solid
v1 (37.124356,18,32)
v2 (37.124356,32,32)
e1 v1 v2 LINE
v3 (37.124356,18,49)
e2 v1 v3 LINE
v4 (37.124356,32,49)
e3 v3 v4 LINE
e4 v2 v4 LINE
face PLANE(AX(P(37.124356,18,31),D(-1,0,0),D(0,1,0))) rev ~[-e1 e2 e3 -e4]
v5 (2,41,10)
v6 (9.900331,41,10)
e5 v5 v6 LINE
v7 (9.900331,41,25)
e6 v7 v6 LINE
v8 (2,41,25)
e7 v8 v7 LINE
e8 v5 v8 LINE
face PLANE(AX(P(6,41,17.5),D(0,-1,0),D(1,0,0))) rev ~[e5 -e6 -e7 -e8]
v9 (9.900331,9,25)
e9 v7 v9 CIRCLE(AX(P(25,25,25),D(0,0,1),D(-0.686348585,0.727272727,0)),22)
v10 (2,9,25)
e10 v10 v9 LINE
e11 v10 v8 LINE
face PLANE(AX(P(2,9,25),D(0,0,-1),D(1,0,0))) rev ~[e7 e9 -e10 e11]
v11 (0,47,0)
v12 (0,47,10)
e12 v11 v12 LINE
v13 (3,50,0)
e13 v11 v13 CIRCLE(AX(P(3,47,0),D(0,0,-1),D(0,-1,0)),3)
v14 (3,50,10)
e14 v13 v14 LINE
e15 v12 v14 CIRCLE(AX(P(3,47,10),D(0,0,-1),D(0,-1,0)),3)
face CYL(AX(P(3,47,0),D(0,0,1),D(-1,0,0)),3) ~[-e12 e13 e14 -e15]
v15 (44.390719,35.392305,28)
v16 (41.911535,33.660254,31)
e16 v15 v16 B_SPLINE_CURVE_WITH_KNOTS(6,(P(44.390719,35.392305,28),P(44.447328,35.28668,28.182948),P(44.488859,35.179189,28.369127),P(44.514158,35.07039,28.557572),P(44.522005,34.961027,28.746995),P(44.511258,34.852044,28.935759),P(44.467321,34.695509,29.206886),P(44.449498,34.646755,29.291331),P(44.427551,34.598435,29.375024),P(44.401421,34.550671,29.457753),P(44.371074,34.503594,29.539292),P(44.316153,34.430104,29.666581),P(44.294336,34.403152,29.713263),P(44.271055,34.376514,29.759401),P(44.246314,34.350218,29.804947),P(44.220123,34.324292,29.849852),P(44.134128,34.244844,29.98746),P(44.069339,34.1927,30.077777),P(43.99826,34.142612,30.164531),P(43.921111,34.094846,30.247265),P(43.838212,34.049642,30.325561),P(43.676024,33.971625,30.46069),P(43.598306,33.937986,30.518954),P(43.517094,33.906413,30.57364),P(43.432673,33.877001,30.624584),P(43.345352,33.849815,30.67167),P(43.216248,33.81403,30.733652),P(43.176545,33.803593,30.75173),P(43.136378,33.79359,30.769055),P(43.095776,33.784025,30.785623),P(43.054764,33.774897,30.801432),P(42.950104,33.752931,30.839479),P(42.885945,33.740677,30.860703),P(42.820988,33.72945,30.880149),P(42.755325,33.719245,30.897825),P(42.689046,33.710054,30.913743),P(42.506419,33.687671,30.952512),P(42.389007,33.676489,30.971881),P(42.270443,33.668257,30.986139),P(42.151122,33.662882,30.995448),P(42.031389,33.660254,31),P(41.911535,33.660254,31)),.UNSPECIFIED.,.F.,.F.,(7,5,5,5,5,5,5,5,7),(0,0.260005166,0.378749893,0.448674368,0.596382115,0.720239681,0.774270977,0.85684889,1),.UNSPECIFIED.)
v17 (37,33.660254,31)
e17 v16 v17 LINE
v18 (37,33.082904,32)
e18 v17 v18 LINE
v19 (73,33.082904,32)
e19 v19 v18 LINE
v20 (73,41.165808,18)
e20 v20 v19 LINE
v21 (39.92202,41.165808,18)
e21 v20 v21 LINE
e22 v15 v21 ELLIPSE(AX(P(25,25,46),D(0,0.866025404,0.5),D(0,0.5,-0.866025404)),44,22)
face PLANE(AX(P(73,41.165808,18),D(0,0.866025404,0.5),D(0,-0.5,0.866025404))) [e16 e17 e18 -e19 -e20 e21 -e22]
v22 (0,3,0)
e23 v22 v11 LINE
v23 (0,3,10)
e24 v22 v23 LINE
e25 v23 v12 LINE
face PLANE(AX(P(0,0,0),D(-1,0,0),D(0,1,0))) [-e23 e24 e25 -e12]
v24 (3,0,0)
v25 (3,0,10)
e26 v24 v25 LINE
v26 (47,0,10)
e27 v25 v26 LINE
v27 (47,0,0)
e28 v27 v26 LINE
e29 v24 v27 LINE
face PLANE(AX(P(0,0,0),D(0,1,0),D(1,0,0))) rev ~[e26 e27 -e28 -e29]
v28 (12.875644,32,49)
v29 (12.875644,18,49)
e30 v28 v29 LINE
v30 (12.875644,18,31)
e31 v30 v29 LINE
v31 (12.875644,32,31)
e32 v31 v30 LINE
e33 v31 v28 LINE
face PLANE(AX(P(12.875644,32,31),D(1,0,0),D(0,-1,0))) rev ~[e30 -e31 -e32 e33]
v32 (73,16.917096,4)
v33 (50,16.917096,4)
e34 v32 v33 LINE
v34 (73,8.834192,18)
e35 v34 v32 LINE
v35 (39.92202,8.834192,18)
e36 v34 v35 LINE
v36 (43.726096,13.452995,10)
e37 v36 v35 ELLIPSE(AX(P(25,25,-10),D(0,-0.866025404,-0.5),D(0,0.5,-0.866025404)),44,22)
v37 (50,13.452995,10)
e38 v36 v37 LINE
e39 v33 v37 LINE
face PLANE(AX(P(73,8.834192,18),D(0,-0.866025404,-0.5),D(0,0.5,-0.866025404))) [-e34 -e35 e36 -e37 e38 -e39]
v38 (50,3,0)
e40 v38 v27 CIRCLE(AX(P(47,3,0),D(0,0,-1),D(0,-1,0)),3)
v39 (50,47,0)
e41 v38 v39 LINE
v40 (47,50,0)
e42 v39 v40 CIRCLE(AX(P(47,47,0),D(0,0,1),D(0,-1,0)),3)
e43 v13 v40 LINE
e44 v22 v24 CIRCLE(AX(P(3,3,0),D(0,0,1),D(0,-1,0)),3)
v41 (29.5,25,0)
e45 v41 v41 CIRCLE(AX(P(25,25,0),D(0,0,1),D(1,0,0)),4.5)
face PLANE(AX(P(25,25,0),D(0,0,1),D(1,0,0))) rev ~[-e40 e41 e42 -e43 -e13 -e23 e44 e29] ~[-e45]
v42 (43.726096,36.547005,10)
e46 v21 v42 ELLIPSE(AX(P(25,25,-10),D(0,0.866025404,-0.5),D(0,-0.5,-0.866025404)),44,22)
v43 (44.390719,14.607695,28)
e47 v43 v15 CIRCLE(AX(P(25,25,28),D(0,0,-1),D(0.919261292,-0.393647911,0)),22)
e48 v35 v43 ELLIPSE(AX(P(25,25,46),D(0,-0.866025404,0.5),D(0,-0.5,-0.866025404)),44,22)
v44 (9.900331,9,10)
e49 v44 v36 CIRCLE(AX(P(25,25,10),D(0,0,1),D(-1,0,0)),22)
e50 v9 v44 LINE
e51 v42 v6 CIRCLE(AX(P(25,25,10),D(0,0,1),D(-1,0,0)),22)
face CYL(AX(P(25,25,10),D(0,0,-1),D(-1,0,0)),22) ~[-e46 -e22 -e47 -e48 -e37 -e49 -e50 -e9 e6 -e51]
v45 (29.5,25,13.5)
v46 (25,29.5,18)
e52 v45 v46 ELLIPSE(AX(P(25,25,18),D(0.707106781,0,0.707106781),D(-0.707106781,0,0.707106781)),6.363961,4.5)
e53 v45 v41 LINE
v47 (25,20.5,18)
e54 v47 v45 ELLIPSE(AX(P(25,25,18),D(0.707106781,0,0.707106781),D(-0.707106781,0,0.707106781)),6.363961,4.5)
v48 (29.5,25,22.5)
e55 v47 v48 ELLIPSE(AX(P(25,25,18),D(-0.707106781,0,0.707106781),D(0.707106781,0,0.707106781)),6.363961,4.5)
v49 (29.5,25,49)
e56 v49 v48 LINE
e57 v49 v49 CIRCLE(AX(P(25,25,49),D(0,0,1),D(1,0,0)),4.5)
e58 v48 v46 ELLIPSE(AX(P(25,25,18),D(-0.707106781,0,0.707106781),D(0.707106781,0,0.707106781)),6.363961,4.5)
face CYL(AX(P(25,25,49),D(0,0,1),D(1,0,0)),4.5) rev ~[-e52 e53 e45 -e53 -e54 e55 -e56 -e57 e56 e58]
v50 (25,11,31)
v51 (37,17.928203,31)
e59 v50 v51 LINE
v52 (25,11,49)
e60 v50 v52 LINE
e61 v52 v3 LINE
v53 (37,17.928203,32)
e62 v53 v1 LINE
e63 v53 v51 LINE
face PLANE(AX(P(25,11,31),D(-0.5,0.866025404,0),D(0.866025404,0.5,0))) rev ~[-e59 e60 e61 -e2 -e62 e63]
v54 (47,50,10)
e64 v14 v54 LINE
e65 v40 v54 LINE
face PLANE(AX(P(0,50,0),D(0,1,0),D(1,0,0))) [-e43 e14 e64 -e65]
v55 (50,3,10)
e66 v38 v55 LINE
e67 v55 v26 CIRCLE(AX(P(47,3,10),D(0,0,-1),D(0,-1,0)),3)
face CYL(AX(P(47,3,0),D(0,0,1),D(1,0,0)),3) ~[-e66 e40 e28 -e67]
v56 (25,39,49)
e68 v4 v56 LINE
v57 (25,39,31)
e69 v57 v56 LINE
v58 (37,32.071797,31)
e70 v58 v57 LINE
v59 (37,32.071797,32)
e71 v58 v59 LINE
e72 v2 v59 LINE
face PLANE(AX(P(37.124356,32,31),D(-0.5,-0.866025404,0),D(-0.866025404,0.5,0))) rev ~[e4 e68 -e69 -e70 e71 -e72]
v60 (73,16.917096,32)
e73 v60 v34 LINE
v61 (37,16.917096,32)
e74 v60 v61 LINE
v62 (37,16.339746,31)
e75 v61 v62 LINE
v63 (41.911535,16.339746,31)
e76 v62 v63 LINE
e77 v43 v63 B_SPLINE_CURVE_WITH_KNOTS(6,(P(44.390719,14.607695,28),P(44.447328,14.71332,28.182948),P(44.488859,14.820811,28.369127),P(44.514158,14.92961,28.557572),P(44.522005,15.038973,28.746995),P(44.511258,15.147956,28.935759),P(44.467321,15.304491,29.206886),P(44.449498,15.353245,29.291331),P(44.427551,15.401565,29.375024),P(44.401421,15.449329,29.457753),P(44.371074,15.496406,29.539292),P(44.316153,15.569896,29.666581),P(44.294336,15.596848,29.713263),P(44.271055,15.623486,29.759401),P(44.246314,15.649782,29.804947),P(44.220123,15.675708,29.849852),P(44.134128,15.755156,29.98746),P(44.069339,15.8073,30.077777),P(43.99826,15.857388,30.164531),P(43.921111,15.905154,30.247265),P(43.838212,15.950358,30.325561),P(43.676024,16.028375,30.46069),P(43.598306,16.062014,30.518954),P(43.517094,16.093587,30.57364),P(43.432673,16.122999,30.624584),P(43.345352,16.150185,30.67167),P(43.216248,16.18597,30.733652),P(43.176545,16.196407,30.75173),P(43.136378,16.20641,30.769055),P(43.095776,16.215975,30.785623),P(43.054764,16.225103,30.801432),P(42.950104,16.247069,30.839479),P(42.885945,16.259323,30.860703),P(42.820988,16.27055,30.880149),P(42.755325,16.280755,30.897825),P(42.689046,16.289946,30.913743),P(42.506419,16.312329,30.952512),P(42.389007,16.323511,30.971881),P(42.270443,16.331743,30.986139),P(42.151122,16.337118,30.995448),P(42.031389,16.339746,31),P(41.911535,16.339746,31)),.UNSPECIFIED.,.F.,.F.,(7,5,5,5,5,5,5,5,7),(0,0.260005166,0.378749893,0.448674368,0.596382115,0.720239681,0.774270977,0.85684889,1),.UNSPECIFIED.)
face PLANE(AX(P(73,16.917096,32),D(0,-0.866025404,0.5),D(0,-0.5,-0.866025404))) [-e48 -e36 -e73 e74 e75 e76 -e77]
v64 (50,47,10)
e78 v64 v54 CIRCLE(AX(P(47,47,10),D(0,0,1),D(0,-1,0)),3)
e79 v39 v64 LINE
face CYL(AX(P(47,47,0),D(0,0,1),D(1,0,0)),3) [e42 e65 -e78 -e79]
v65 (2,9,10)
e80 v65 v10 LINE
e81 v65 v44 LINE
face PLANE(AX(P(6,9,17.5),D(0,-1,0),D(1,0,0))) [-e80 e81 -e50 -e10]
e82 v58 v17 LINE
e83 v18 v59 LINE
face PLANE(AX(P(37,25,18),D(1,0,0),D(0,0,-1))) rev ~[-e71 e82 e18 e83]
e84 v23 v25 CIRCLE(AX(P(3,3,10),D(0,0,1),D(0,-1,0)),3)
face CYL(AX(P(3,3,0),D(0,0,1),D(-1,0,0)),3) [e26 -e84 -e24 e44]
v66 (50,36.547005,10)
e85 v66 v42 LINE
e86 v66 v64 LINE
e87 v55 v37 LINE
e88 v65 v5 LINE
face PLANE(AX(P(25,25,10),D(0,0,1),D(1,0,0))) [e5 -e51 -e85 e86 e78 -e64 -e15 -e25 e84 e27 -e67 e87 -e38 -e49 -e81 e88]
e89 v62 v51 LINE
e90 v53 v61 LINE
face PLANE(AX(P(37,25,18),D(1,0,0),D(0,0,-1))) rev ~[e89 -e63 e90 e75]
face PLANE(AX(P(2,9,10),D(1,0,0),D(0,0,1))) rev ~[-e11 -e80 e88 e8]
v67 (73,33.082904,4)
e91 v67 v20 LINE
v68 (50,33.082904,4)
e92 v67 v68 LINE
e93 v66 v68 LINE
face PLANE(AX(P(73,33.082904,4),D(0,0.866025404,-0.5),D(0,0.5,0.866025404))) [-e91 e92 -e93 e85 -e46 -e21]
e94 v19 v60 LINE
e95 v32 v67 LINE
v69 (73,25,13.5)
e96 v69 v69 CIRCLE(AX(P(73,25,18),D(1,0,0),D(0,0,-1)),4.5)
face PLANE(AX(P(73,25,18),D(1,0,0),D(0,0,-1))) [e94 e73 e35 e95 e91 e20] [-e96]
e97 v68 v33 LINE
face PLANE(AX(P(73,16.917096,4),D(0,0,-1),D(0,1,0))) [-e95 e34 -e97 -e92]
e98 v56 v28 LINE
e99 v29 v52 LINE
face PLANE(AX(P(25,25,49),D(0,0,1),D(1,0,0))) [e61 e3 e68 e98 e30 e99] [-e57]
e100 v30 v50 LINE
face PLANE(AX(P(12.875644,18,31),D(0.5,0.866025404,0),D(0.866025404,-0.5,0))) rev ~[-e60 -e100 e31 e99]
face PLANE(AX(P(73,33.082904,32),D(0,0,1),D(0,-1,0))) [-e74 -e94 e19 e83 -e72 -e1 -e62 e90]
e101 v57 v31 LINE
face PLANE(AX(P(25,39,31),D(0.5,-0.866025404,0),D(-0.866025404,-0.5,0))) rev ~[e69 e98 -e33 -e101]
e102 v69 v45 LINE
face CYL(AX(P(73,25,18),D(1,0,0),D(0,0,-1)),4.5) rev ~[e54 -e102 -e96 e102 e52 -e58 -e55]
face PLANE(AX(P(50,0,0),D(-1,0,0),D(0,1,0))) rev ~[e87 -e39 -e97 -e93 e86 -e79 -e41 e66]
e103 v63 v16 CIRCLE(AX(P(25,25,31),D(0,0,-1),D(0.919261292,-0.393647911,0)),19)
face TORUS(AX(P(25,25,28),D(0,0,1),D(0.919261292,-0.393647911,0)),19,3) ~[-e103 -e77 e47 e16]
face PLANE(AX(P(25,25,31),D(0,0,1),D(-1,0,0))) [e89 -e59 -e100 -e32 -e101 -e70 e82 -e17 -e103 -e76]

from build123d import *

# Parameters (mm, degrees)
SKETCH1_W           = 50
SKETCH1_H           = 50
BOSS_EXTRUDE1_DEPTH = 10
SKETCH2_R           = 22
BOSS_EXTRUDE2_DEPTH = 21
BOSS_EXTRUDE3_DEPTH = 18
SKETCH4_R           = 4.5
CUT_EXTRUDE1_DEPTH  = 87.029064856
BOSS_EXTRUDE4_START = -9
SKETCH6_W           = 8
SKETCH6_H           = 15
BOSS_EXTRUDE4_DEPTH = 32
BOSS_EXTRUDE5_DEPTH = 36
SKETCH12_R          = 4.5
CUT_EXTRUDE2_DEPTH  = 48
FILLET1_R           = 3
FILLET2_R           = 3


with BuildPart() as part:
    # Sketch1 → Boss-Extrude1 (new body)
    with BuildSketch(Plane.XY):
        with Locations((25, 25)):
            Rectangle(SKETCH1_W, SKETCH1_H)
    extrude(amount=BOSS_EXTRUDE1_DEPTH)

    # Sketch2 → Boss-Extrude2 (add)
    with BuildSketch(Plane.XY.offset(10)):
        with Locations(Location((25, 25, 0), (0, 0, 180))):
            Circle(SKETCH2_R)
    extrude(amount=BOSS_EXTRUDE2_DEPTH)

    # Sketch3 → Boss-Extrude3 (add)
    with BuildSketch(Plane.XY.offset(31)):
        Polygon((25, 11), (37.124355653, 18), (37.124355653, 32), (25, 39), (12.875644347, 32), (12.875644347, 18), align=None)
    extrude(amount=BOSS_EXTRUDE3_DEPTH)

    # Sketch4 → Cut-Extrude1 (cut, through all)
    with BuildSketch(Plane.XY.offset(49)):
        with Locations((25, 25)):
            Circle(SKETCH4_R)
    extrude(amount=-CUT_EXTRUDE1_DEPTH, mode=Mode.SUBTRACT)

    # Sketch6 → Boss-Extrude4 (add)
    with BuildSketch(Plane.XZ.offset(BOSS_EXTRUDE4_START)):
        with Locations((6, 17.5)):
            Rectangle(SKETCH6_W, SKETCH6_H)
    extrude(amount=-BOSS_EXTRUDE4_DEPTH)

    # Sketch10 → Boss-Extrude5 (add)
    with BuildSketch(Plane(origin=(73, 0, 0), x_dir=(0, 0, -1), z_dir=(1, 0, 0))):
        Polygon((-4, 16.917096231), (-4, 33.082903769), (-18, 41.165807537), (-32, 33.082903769), (-32, 16.917096231), (-18, 8.834192463), align=None)
    extrude(amount=-BOSS_EXTRUDE5_DEPTH)

    # Sketch12 → Cut-Extrude2 (cut)
    with BuildSketch(Plane(origin=(73, 0, 0), x_dir=(0, 0, -1), z_dir=(1, 0, 0))):
        with Locations((-18, 25)):
            Circle(SKETCH12_R)
    extrude(amount=-CUT_EXTRUDE2_DEPTH, mode=Mode.SUBTRACT)

    # Fillet1
    fillet1_edges = [part.edges().sort_by_distance(p)[0] for p in [
        (3, 25, 31),
    ]]
    fillet(fillet1_edges, radius=FILLET1_R)

    # Fillet2
    fillet2_edges = [part.edges().sort_by_distance(p)[0] for p in [
        (0, 50, 5),
        (50, 50, 5),
        (50, 0, 5),
        (0, 0, 5),
    ]]
    fillet(fillet2_edges, radius=FILLET2_R)


solid = part.part
